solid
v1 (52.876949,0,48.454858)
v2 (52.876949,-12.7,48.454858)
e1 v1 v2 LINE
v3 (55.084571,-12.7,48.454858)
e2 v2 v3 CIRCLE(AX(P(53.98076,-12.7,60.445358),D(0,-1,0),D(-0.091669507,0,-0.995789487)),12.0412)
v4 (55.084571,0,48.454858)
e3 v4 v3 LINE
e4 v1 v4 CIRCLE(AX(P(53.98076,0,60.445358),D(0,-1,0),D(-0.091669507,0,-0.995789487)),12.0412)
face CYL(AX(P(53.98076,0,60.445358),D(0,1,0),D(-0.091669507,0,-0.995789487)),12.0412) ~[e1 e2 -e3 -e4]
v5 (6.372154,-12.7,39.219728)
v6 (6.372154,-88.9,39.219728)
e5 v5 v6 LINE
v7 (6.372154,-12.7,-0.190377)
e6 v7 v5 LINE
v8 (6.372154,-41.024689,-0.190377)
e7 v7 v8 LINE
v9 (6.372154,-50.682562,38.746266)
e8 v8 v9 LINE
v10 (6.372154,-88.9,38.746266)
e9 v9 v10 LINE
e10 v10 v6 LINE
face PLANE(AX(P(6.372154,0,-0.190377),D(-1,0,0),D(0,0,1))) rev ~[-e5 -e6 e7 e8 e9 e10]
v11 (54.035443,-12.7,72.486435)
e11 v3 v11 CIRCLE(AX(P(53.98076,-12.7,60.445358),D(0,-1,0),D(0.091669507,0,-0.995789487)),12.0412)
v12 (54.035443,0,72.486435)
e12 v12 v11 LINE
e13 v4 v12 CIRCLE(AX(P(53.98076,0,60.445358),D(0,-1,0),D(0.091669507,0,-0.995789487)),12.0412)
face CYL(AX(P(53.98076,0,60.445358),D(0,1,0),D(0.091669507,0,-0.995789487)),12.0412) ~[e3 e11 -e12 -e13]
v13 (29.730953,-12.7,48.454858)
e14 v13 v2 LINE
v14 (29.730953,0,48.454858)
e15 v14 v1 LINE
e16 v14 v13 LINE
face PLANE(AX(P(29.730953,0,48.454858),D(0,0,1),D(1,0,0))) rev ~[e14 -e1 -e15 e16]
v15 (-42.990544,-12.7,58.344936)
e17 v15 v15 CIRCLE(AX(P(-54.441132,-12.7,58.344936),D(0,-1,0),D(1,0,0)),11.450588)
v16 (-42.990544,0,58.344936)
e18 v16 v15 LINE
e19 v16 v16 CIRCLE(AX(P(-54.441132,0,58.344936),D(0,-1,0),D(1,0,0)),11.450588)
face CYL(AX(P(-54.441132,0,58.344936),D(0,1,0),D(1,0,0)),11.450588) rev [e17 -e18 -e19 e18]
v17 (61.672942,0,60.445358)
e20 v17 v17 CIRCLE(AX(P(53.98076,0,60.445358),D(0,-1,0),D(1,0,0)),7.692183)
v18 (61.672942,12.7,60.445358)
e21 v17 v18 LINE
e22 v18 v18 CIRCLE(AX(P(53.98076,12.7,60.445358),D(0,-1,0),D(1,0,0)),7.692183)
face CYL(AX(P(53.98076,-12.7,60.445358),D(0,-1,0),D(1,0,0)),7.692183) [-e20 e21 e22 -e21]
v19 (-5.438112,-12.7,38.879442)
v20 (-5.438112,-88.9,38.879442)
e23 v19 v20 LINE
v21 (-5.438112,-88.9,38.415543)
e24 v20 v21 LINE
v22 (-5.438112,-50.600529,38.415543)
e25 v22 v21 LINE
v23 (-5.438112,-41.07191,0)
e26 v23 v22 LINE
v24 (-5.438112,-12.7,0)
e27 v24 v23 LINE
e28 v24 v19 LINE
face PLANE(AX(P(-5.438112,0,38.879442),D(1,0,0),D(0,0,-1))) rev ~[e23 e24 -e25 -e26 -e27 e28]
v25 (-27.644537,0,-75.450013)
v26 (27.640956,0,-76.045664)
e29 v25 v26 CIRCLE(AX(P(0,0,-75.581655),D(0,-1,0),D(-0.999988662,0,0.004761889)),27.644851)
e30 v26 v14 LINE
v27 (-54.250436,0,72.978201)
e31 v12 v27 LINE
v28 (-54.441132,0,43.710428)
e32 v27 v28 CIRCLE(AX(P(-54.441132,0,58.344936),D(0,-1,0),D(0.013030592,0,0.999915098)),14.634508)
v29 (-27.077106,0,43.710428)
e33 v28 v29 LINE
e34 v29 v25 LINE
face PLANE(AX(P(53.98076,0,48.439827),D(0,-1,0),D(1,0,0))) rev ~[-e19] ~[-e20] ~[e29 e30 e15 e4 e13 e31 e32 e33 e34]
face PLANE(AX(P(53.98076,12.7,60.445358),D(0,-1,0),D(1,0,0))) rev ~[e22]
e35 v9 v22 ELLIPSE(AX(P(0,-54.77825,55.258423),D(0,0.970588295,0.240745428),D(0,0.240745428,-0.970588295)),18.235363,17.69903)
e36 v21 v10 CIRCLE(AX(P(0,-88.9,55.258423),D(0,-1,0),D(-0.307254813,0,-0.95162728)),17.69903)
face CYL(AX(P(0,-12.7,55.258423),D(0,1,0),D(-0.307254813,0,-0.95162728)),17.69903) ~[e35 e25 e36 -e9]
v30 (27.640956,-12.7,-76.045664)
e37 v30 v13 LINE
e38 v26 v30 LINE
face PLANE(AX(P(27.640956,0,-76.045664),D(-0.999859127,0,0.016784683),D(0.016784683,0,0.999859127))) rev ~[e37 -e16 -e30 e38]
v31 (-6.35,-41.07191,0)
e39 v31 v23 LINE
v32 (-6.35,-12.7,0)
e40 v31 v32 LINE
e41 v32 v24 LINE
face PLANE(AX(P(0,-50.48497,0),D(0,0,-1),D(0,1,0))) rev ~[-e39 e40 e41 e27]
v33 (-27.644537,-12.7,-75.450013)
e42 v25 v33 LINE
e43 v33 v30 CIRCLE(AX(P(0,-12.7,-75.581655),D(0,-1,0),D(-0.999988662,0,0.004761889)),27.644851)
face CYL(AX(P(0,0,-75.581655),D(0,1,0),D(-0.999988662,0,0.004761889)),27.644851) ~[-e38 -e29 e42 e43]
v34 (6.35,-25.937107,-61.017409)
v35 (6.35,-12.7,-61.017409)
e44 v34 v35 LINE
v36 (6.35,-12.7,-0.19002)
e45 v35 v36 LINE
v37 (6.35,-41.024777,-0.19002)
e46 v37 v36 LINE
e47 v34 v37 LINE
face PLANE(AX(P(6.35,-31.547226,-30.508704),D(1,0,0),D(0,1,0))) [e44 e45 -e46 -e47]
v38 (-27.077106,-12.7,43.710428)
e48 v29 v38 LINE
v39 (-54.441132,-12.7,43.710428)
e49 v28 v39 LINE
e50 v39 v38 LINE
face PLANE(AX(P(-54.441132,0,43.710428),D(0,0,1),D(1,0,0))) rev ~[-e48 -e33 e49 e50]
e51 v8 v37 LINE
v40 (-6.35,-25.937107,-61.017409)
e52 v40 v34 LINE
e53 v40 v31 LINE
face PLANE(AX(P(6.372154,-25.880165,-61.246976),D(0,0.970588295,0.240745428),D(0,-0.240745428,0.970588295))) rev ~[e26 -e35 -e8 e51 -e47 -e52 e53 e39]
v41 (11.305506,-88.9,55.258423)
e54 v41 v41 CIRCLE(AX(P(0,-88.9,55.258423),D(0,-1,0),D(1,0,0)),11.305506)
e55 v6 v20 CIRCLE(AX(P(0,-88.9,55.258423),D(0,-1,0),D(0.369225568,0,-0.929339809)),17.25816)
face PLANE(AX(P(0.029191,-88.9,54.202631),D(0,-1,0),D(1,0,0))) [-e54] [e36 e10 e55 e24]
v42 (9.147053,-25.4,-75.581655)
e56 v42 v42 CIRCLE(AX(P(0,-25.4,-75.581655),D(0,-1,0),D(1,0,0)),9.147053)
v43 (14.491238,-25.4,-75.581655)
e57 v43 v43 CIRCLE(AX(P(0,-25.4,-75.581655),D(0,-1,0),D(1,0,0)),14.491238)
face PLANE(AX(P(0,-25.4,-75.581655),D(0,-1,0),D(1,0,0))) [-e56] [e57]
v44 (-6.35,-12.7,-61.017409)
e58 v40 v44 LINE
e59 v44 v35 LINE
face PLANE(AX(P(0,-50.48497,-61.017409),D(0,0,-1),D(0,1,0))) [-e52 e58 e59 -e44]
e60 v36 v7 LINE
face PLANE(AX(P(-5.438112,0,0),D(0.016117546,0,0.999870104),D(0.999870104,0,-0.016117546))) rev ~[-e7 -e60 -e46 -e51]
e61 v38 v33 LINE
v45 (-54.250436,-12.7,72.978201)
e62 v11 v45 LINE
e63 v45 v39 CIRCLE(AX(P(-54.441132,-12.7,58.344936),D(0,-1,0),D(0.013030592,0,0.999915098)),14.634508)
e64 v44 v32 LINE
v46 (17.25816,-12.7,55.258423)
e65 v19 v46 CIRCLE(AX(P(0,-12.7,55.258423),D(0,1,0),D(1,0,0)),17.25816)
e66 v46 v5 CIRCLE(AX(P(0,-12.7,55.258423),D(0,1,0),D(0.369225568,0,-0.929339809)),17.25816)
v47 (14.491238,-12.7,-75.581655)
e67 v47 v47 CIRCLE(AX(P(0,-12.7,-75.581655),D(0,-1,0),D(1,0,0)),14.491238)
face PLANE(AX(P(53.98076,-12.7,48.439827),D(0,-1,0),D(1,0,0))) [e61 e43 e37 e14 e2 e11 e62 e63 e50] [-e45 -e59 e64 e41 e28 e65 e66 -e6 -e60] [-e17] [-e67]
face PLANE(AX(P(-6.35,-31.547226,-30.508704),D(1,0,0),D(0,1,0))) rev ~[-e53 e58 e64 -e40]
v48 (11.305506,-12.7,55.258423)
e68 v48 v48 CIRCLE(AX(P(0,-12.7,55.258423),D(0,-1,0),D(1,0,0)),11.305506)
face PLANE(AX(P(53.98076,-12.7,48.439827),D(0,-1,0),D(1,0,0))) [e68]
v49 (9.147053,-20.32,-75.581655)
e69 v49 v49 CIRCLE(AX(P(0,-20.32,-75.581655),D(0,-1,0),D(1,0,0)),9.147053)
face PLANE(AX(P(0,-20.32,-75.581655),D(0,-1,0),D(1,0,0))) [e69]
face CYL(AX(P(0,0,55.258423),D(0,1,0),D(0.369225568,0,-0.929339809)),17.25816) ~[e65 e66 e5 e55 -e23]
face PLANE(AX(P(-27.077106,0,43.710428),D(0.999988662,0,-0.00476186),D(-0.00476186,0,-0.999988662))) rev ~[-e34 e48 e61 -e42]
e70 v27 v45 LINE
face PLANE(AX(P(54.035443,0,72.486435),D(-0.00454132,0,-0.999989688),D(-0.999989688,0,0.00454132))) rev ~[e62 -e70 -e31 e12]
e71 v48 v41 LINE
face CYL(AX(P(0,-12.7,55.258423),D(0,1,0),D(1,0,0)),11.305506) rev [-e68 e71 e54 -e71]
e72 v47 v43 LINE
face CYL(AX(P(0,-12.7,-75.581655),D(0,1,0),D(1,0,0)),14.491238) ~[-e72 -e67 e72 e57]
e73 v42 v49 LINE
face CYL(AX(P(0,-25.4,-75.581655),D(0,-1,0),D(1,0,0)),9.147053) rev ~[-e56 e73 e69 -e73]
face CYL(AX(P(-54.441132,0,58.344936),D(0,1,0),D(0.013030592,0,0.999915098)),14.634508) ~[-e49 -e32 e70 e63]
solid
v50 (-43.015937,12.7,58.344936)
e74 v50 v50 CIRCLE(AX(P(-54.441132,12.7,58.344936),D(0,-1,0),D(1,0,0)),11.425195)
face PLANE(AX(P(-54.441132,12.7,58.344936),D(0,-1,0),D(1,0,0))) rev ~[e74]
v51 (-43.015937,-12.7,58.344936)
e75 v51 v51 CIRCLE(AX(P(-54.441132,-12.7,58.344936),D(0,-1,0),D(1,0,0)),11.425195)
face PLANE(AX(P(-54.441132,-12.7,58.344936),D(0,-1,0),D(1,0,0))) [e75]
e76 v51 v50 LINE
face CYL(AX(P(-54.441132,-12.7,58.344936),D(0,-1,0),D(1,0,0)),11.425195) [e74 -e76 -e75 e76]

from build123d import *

# Parameters (mm, degrees)
F0_R      = 11.4646864728
F1_DEPTH  = 50.8
F2_R      = 7.6921826569
F2_R_2    = 11.4505878211
F3_DEPTH  = 12.7
F4_R      = 14.4912380629
F5_DEPTH  = 12.7
F6_R      = 9.1470525683
F7_DEPTH  = 5.08
F8_W      = 37.8754884005
F8_H      = 61.017408967
F9_DEPTH  = 6.35
F11_DEPTH = 25.4
F12_R     = 11.3055059993
F13_DEPTH = 76.2
F14_R     = 11.4251949319
F15_DEPTH = 25.399999693
F14_R_2   = 7.6921826569


with BuildPart() as f1:
    # F0 (on Front) → F1 (new body)
    with BuildSketch(Plane.XZ):
        with BuildLine():
            ThreePointArc((6.372153759, 39.2197284066), (14.2796308926, 45.5663535356), (17.2581595391, 55.25842309))
            ThreePointArc((17.2581595391, 55.25842309), (-10.0993134032, 69.2529913027), (-5.4381122177, 38.879442469))
            ThreePointArc((-5.4381122177, 38.879442469), (0.4970483176, 38.0074227234), (6.372153759, 39.2197284066))
        make_face()
        with Locations((0, 55.25842309)):
            Circle(F0_R, mode=Mode.SUBTRACT)
        with BuildLine():
            ThreePointArc((6.372153759, 39.2197284066), (0.4970483176, 38.0074227234), (-5.4381122177, 38.879442469))
            Line((-5.4381122177, 38.879442469), (-5.4381122177, 0))
            Line((-5.4381122177, 0), (6.372153759, -0.1903772354))
            Line((6.372153759, -0.1903772354), (6.372153759, 39.2197284066))
        make_face()
    extrude(amount=F1_DEPTH)

    # F2 (on Front) → F3 (join)
    with BuildSketch(Plane.XZ):
        with BuildLine():
            Line((55.0845707295, 48.4548578139), (52.8769489344, 48.4548578139))
            ThreePointArc((52.8769489344, 48.4548578139), (53.980759832, 48.4041581776), (55.0845707295, 48.4548578139))
        make_face()
        with BuildLine():
            Line((29.7309527334, 48.4548578139), (52.8769489344, 48.4548578139))
            Line((52.8769489344, 48.4548578139), (55.0845707295, 48.4548578139))
            ThreePointArc((55.0845707295, 48.4548578139), (66.0105020427, 60.970531616), (54.0354427804, 72.486434596))
            Line((54.0354427804, 72.486434596), (-54.2504357967, 72.9782005358))
            ThreePointArc((-54.2504357967, 72.9782005358), (-44.0257694858, 68.6254526192), (-39.8066245819, 58.3449355177))
            ThreePointArc((-39.8066245819, 58.3449355177), (-44.0929725749, 47.9967760339), (-54.4411320434, 43.710428004))
            Line((-54.4411320434, 43.710428004), (-27.0771056716, 43.710428004))
            Line((-27.0771056716, 43.710428004), (-27.6445374292, -75.4500131968))
            ThreePointArc((-27.6445374292, -75.4500131968), (0.0658210413, -47.9368824022), (27.6448508626, -75.5816549063))
            ThreePointArc((27.6448508626, -75.5816549063), (27.6438772461, -75.8136678655), (27.6409564655, -76.0456644823))
            Line((27.6409564655, -76.0456644823), (29.7309527334, 48.4548578139))
        make_face()
        with Locations((53.980759832, 60.4453584704)):
            Circle(F2_R, mode=Mode.SUBTRACT)
        with BuildLine():
            ThreePointArc((-27.6445374292, -75.4500131968), (-0.2978310248, -103.2249013852), (27.6409564655, -76.0456644823))
            ThreePointArc((27.6409564655, -76.0456644823), (27.6438772461, -75.8136678655), (27.6448508626, -75.5816549063))
            ThreePointArc((27.6448508626, -75.5816549063), (0.0658210413, -47.9368824022), (-27.6445374292, -75.4500131968))
        make_face()
        with BuildLine():
            ThreePointArc((-39.8066245819, 58.3449355177), (-44.0257694858, 68.6254526192), (-54.2504357967, 72.9782005358))
            ThreePointArc((-54.2504357967, 72.9782005358), (-69.0753289823, 58.4402856649), (-54.4411320434, 43.710428004))
            ThreePointArc((-54.4411320434, 43.710428004), (-44.0929725749, 47.9967760339), (-39.8066245819, 58.3449355177))
        make_face()
        with Locations((-54.4411320956, 58.3449355177)):
            Circle(F2_R_2, mode=Mode.SUBTRACT)
    extrude(amount=F3_DEPTH)

    # F4 (on face) → F5 (join)
    with BuildSketch(Plane.XZ.offset(12.7)):
        with Locations((0, -75.5816549063)):
            Circle(F4_R)
    extrude(amount=F5_DEPTH)

    # F6 (on face) → F7 (cut)
    with BuildSketch(Plane.XZ.offset(25.4)):
        with Locations((0, -75.5816549063)):
            Circle(F6_R)
    extrude(amount=-F7_DEPTH, mode=Mode.SUBTRACT)

    # F8 (on Right) → F9 (join, symmetric)
    with BuildSketch(Plane.YZ):
        with Locations((-31.5472260118, -30.5087044835)):
            Rectangle(F8_W, F8_H)
    extrude(amount=F9_DEPTH, both=True)

    # F10 (on face) → F11 (cut)
    with BuildSketch(Plane.YZ.offset(6.372153759)):
        Polygon((-50.99350214, -61.8221014738), (-25.8801653981, -61.2469762564), (-41.0246886913, -0.1903772354), (-50.8, -0.1903772354), (-50.8, 39.2197284066), align=None)
        Polygon((-50.8, -0.1903772354), (-41.0246886913, -0.1903772354), (-50.8, 39.2197284066), align=None)
    extrude(amount=-F11_DEPTH, mode=Mode.SUBTRACT)

    # F12 (on face) → F13 (join)
    with BuildSketch(Plane.XZ.offset(12.7)):
        with BuildLine():
            ThreePointArc((-5.4381122177, 38.4155431335), (0.4954319648, 37.566328333), (6.372153759, 38.7462661687))
            Line((6.372153759, 38.7462661687), (6.372153759, 39.2197284066))
            ThreePointArc((6.372153759, 39.2197284066), (-0.4970483176, 72.5094234565), (-5.4381122177, 38.879442469))
            Line((-5.4381122177, 38.879442469), (-5.4381122177, 38.4155431335))
        make_face()
        with Locations((0, 55.25842309)):
            Circle(F12_R, mode=Mode.SUBTRACT)
    extrude(amount=F13_DEPTH)

    # F14 (on face) → F15, piece 2 (join)
    with BuildSketch(Plane.XZ.offset(12.7)):
        with Locations((53.980759832, 60.4453584704)):
            Circle(F14_R_2)
    extrude(amount=-F15_DEPTH)


with BuildPart() as f15:
    # F14 (on face) → F15 (new body)
    with BuildSketch(Plane.XZ.offset(12.7)):
        with Locations((-54.4411320956, 58.3449355177)):
            Circle(F14_R)
    extrude(amount=-F15_DEPTH)


solid = Compound([f1.part, f15.part])
